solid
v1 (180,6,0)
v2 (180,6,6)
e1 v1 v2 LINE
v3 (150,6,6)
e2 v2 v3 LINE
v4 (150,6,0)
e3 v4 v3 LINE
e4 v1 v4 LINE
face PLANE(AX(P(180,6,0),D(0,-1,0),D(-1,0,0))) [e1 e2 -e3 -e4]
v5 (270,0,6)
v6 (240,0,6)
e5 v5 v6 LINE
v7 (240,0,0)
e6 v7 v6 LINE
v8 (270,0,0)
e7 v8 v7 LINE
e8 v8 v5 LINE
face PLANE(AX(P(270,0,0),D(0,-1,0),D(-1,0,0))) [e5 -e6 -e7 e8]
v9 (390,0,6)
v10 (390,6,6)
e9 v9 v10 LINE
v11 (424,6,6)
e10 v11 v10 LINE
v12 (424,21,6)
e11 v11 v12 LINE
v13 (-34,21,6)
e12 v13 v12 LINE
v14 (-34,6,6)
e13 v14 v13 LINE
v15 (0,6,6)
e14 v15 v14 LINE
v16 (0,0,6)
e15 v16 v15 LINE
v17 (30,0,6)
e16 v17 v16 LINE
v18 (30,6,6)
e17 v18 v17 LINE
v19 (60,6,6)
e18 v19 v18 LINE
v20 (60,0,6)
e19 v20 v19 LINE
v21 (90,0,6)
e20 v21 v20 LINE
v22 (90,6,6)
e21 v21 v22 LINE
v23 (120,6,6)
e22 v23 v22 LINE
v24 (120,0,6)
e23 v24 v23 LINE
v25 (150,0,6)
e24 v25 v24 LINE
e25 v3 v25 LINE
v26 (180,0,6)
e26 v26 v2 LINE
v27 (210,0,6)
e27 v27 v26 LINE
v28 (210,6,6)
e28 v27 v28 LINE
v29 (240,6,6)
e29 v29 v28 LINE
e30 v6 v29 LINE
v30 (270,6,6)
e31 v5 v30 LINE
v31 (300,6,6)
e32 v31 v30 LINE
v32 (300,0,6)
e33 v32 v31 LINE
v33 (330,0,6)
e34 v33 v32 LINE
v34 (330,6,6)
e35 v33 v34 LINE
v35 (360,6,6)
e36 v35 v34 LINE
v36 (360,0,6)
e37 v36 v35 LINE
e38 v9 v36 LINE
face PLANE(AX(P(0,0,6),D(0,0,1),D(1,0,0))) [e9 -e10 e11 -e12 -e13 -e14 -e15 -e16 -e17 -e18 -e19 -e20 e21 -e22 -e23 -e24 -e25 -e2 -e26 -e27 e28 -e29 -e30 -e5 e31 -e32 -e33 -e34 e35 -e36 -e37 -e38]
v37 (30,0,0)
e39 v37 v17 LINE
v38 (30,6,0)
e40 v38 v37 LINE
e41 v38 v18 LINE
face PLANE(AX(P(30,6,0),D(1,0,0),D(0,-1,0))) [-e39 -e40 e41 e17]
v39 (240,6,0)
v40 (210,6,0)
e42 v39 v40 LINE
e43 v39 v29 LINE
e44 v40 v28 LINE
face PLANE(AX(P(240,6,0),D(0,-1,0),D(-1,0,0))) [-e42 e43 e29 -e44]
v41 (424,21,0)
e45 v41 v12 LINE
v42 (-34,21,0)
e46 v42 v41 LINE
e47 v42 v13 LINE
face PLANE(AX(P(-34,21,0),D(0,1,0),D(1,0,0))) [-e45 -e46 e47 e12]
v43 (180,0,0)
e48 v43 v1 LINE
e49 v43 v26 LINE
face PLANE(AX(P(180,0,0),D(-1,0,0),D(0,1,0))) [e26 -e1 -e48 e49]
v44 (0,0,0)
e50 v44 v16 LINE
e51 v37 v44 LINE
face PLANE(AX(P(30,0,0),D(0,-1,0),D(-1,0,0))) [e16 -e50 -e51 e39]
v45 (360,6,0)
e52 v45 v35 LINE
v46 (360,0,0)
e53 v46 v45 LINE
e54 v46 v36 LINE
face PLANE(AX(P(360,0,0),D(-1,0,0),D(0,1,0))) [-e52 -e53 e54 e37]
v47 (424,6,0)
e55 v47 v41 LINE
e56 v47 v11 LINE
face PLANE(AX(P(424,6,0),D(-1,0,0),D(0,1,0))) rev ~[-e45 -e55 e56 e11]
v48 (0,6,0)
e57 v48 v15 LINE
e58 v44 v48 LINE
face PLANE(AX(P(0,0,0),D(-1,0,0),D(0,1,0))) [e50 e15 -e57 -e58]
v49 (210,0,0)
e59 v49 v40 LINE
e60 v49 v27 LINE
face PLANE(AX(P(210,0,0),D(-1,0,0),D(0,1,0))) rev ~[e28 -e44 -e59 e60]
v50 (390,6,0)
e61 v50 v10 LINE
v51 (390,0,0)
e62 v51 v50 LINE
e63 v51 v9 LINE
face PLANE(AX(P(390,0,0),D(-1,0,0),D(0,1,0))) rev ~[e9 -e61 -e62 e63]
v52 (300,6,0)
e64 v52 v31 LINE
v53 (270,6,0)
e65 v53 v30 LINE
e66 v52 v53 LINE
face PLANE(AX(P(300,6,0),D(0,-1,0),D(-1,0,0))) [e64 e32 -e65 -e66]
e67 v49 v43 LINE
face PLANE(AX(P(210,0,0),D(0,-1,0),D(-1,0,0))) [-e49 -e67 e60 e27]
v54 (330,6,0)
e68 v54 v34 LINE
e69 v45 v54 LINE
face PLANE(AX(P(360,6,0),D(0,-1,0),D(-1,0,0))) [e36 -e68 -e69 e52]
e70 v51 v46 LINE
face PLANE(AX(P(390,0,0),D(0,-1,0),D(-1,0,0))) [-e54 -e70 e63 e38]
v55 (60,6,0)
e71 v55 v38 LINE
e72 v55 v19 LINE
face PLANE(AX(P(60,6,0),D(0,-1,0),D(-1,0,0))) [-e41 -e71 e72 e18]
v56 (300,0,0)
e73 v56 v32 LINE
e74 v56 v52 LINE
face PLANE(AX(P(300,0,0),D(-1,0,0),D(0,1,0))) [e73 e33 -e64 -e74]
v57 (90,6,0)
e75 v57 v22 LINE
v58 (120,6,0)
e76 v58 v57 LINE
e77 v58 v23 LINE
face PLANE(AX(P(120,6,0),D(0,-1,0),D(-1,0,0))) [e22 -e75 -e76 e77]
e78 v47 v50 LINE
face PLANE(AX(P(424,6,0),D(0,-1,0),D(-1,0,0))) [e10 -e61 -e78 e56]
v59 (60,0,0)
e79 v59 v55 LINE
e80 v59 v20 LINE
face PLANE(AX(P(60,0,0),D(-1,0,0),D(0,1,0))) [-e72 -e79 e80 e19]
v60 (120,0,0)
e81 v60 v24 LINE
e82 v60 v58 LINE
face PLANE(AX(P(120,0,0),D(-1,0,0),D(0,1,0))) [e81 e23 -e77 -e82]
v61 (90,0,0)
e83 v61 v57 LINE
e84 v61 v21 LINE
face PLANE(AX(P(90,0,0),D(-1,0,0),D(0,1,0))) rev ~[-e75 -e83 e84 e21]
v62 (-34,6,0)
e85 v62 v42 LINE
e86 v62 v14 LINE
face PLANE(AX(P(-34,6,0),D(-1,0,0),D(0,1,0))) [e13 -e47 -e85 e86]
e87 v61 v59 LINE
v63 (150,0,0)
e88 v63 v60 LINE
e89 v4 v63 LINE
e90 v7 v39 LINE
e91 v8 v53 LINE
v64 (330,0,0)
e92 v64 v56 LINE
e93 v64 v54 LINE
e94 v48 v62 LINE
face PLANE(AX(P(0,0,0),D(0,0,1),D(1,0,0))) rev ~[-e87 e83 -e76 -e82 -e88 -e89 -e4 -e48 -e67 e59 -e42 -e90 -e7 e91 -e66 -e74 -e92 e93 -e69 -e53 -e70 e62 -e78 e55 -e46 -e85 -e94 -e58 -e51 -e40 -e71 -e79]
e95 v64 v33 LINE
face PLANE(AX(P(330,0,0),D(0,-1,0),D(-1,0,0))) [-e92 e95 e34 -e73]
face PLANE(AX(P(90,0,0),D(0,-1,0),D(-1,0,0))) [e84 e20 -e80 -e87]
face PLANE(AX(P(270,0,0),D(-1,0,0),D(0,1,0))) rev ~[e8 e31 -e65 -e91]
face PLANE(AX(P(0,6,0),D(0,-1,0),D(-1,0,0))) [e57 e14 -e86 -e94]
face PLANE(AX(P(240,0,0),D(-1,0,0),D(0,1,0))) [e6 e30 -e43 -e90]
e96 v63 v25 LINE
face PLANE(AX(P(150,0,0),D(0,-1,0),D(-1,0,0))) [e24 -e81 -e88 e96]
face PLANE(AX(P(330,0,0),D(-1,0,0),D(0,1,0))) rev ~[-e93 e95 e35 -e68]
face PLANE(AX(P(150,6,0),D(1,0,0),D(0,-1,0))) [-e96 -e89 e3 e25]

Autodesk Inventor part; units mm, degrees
ref_plane "YZ Plane" through (0, 0, 0) normal (1, 0, 0) x (0, 1, 0)
ref_plane "XZ Plane" through (0, 0, 0) normal (0, 1, 0) x (-1, 0, 0)
ref_plane "XY Plane" through (0, 0, 0) normal (0, 0, 1) x (1, 0, 0)
ref_plane "Work Plane1" through (0, 0, 0) normal (0, 0, 1) x (1, 0, 0)
sketch "Sketch1" plane through (0, 0, 0) normal (0, 0, 1) x (1, 0, 0)
  line L0 (-40, 0) -> (-40, 6)
  line L1 (-40, 6) -> (-34, 6)
  line L2 (0, 6) -> (-34, 6)
  line L3 (0, 6) -> (30, 6)
  line L4 (60, 6) -> (30, 6)
  line L5 (60, 6) -> (90, 6)
  line L6 (120, 6) -> (90, 6)
  line L7 (120, 6) -> (150, 6)
  line L8 (150, 6) -> (150, 0)
  line L9 (150, 0) -> (180, 0)
  line L10 (180, 0) -> (180, 6)
  line L11 (180, 6) -> (150, 6)
  line L12 (180, 6) -> (210, 6)
  line L13 (180, 0) -> (180, 6)
  line L14 (210, 0) -> (180, 0)
  line L15 (210, 0) -> (210, 6)
  line L16 (240, 0) -> (240, 6)
  line L17 (240, 6) -> (210, 6)
  line L18 (210, 6) -> (210, 0)
  line L19 (210, 0) -> (240, 0)
  line L20 (120, 6) -> (150, 6)
  line L21 (120, 0) -> (120, 6)
  line L22 (150, 0) -> (120, 0)
  line L23 (150, 0) -> (150, 6)
  line L24 (60, 6) -> (90, 6)
  line L25 (60, 0) -> (60, 6)
  line L26 (90, 0) -> (60, 0)
  line L27 (90, 0) -> (90, 6)
  line L28 (90, 6) -> (90, 0)
  line L29 (90, 0) -> (120, 0)
  line L30 (120, 0) -> (120, 6)
  line L31 (120, 6) -> (90, 6)
  line L32 (30, 6) -> (30, 0)
  line L33 (30, 0) -> (60, 0)
  line L34 (60, 0) -> (60, 6)
  line L35 (60, 6) -> (30, 6)
  line L36 (-34, 6) -> (-34, 0)
  line L37 (-34, 0) -> (0, 0)
  line L38 (0, 0) -> (0, 6)
  line L39 (0, 6) -> (-34, 6)
  line L40 (240, 0) -> (240, 6)
  line L41 (240, 6) -> (210, 6)
  line L42 (210, 6) -> (210, 0)
  line L43 (210, 0) -> (240, 0)
  line L44 (150, 6) -> (150, 0)
  line L45 (150, 0) -> (180, 0)
  line L46 (180, 0) -> (180, 6)
  line L47 (180, 6) -> (150, 6)
  line L48 (90, 6) -> (90, 0)
  line L49 (90, 0) -> (120, 0)
  line L50 (120, 0) -> (120, 6)
  line L51 (120, 6) -> (90, 6)
  line L52 (240, 6) -> (270, 6)
  line L53 (240, 0) -> (240, 6)
  line L54 (270, 0) -> (240, 0)
  line L55 (270, 0) -> (270, 6)
  line L56 (300, 0) -> (300, 6)
  line L57 (300, 6) -> (270, 6)
  line L58 (270, 6) -> (270, 0)
  line L59 (270, 0) -> (300, 0)
  line L60 (300, 6) -> (330, 6)
  line L61 (300, 0) -> (300, 6)
  line L62 (330, 0) -> (300, 0)
  line L63 (330, 0) -> (330, 6)
  line L64 (360, 0) -> (360, 6)
  line L65 (360, 6) -> (330, 6)
  line L66 (330, 6) -> (330, 0)
  line L67 (330, 0) -> (360, 0)
  line L68 (360, 6) -> (390, 6)
  line L69 (360, 0) -> (360, 6)
  line L70 (390, 0) -> (360, 0)
  line L71 (390, 0) -> (390, 6)
  line L72 (424, 0) -> (424, 6)
  line L73 (424, 6) -> (390, 6)
  line L74 (390, 6) -> (390, 0)
  line L75 (390, 0) -> (424, 0)
  line L76 (424, 6) -> (430, 6)
  line L77 (424, 0) -> (424, 6)
  line L78 (430, 0) -> (424, 0)
  line L79 (430, 6) -> (430, 0)
  line L80 (-40, 6) -> (-40, 21)
  line L81 (-40, 21) -> (430, 21)
  line L82 (430, 21) -> (430, 6)
  line L83 (0, 6) -> (30, 6)
  line L84 (0, 0) -> (0, 6)
  line L85 (30, 0) -> (0, 0)
  line L86 (30, 0) -> (30, 6)
  line L87 (-40, 6) -> (-34, 6)
  line L88 (-40, 0) -> (-40, 6)
  line L89 (-34, 0) -> (-40, 0)
  line L90 (-34, 0) -> (-34, 6)
  line L91 (-34, 6) -> (-34, 21)
  line L92 (424, 6) -> (424, 21)
  dimension "d0" = 15
extrude "Plate1" add sketch "Sketch1" along normal blind 6 contours L91 L81 L92 L73 L68 L65 L60 L57 L52 L17 L12 L11 L7 L6 L5 L4 L3 L2 | L38 L3 L32 L85 | L25 L5 L27 L26 | L71 L70 L64 L68 | L21 L7 L8 L22 | L63 L62 L56 L60 | L10 L12 L15 L14 | L55 L54 L16 L52
equation "\"d1\" = Thickness"
equation "\"BendRadius\" = Thickness"
equation "\"BendReliefWidth\" = Thickness"
equation "\"BendReliefDepth\" = 0.5 * Thickness"
equation "\"CornerReliefSize\" = 4 * Thickness"
equation "\"MinimumRemnant\" = 2 * Thickness"
equation "\"TransitionRadius\" = BendRadius"
equation "\"JacobiRadiusSize\" = BendRadius"
equation "\"GapSize\" = Thickness"
equation "\"Thickness\" = 6"
properties part number "voorzijde elektrobox v2" material "Wood (Birch)"
